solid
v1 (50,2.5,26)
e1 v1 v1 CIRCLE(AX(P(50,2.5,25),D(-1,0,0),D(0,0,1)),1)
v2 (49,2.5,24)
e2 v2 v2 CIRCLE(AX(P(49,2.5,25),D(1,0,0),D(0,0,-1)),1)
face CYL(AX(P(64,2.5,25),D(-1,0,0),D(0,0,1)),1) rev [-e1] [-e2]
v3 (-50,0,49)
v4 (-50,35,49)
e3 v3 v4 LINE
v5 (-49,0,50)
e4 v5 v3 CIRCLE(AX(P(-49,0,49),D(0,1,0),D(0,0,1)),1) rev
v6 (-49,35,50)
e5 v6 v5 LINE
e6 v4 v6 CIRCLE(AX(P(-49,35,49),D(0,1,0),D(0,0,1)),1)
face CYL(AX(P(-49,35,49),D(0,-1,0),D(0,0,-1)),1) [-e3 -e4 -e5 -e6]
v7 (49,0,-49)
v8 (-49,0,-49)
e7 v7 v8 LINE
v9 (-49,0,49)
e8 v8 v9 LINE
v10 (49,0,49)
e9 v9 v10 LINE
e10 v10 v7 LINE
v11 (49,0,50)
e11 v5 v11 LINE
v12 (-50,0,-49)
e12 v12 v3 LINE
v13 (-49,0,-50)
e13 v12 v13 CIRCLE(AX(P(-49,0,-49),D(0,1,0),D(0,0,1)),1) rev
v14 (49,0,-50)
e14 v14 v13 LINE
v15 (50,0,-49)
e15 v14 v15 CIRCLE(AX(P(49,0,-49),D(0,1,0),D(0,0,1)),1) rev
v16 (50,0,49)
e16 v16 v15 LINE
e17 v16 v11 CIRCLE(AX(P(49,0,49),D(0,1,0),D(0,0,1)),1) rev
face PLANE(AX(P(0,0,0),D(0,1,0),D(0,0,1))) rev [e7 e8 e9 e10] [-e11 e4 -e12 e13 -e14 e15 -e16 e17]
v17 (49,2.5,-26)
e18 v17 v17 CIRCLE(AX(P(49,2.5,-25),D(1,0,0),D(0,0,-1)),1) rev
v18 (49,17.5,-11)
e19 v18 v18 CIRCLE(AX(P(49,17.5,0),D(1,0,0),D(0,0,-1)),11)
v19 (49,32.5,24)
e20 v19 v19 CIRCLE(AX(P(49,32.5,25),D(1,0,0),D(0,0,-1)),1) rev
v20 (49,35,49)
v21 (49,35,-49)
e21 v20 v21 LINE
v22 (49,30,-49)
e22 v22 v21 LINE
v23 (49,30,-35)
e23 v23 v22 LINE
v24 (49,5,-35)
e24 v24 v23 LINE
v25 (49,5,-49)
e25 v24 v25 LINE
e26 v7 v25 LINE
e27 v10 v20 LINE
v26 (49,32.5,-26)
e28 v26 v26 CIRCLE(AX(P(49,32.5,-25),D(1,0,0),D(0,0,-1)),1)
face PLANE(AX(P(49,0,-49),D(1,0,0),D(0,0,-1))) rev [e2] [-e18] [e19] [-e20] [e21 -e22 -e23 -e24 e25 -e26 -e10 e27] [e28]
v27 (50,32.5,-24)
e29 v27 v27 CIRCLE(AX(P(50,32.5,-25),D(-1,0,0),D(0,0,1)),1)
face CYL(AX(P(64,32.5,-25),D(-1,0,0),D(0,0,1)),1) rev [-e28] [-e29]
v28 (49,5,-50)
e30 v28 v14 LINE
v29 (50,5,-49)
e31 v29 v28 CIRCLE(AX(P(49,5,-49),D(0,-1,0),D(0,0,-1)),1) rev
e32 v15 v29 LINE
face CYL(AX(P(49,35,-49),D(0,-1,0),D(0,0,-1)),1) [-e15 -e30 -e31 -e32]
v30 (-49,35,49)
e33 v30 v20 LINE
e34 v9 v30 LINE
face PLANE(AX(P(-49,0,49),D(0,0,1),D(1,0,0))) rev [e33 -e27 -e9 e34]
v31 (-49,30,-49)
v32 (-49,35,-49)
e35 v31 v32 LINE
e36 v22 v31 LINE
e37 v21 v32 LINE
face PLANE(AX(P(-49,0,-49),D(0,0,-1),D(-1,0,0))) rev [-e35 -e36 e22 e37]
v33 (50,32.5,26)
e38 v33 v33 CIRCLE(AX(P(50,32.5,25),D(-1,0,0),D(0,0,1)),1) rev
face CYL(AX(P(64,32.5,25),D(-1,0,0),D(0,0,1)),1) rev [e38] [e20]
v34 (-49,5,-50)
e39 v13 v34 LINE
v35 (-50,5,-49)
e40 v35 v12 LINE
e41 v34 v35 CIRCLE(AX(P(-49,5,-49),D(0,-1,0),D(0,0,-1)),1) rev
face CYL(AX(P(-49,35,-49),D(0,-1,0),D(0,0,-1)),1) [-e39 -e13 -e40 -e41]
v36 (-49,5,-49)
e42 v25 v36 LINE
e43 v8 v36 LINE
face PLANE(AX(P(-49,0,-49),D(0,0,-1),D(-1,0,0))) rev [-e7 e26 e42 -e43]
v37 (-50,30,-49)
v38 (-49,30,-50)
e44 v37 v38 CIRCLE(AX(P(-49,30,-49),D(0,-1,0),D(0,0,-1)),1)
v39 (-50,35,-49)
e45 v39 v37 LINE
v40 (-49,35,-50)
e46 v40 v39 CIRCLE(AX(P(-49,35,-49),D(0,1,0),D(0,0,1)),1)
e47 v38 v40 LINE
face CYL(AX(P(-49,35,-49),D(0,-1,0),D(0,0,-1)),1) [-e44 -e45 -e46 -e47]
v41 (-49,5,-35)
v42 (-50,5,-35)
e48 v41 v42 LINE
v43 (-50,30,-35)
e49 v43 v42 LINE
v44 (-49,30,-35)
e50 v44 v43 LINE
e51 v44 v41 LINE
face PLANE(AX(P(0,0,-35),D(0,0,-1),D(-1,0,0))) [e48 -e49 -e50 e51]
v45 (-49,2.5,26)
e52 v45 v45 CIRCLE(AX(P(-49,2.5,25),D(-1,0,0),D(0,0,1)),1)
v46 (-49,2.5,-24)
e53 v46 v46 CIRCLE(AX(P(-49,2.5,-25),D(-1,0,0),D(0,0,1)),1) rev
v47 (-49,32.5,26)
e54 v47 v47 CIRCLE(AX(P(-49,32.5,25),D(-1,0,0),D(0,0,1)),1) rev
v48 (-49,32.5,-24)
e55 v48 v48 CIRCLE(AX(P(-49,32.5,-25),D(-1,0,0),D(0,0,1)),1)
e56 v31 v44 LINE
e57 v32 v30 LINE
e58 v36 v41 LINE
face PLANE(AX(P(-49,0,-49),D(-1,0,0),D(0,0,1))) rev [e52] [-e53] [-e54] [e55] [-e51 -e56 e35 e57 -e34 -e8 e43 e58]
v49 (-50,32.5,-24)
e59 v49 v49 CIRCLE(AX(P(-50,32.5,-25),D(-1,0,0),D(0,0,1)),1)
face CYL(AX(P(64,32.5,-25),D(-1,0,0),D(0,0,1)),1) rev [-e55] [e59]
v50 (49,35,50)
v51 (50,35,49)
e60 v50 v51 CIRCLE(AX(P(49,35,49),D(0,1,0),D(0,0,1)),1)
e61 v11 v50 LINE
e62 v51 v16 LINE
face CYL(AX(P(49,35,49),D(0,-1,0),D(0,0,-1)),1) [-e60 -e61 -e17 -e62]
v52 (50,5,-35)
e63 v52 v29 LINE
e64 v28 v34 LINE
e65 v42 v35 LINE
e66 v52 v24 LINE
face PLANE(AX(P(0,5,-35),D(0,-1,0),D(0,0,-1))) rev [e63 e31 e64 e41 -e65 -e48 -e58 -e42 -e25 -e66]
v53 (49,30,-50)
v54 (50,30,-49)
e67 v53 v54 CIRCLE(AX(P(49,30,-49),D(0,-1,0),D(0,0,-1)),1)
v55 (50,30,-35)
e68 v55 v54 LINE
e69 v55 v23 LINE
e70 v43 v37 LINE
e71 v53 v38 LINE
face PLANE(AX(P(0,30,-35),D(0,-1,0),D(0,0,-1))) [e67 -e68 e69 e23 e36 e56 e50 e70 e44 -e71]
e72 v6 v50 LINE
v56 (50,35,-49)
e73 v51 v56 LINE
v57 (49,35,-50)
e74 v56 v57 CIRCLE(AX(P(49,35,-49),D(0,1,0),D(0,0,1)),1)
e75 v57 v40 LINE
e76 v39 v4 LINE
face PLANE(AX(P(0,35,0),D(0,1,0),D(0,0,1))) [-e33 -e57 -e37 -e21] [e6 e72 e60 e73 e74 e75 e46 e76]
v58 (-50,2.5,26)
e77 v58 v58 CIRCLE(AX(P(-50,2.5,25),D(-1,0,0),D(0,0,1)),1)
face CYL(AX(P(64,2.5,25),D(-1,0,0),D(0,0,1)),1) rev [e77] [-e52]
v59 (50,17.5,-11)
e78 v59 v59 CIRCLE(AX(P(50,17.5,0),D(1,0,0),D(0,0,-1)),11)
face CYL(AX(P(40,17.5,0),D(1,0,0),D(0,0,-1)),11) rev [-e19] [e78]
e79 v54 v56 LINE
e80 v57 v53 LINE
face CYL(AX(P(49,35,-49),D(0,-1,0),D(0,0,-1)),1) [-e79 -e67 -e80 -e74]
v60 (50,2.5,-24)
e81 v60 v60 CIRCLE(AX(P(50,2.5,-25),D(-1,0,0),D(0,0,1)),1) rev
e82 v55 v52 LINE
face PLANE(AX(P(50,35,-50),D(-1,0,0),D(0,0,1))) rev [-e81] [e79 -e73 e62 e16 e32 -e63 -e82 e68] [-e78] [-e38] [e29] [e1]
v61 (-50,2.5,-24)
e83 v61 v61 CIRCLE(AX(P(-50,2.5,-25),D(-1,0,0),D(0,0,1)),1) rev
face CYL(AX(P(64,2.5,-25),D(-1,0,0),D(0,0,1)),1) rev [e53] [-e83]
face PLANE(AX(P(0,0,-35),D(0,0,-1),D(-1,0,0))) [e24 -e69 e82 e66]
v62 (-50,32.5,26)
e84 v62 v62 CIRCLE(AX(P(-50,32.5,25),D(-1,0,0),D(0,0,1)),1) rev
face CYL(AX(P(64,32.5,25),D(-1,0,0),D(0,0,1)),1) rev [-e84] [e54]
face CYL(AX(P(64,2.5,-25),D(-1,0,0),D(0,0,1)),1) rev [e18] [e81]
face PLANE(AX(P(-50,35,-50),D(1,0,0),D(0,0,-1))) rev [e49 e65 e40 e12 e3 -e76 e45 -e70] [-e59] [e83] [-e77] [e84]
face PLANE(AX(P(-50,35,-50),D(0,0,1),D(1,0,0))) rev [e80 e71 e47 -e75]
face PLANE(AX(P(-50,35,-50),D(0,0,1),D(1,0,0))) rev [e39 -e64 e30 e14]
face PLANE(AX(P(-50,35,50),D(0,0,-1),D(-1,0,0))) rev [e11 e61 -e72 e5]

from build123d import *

# Parameters (mm, degrees)
SKETCH1_W           = 100
SKETCH1_H           = 100
BOSS_EXTRUDE1_DEPTH = 35
SKETCH2_W           = 98
SKETCH2_H           = 98
CUT_EXTRUDE1_DEPTH  = 35
SKETCH5_W           = 50
SKETCH5_H           = 25
CUT_EXTRUDE2_DEPTH  = 15
SKETCH6_R           = 1
CUT_EXTRUDE4_DEPTH  = 114
SKETCH7_R           = 11
CUT_EXTRUDE5_DEPTH  = 10
FILLET1_R           = 1


with BuildPart() as part:
    # Sketch1 → Boss-Extrude1 (new body)
    with BuildSketch(Plane(origin=(0, 0, 0), x_dir=(1, 0, 0), z_dir=(0, 1, 0))):
        Rectangle(SKETCH1_W, SKETCH1_H)
    extrude(amount=BOSS_EXTRUDE1_DEPTH)

    # Sketch2 → Cut-Extrude1 (cut)
    with BuildSketch(Plane(origin=(0, 35, 0), x_dir=(1, 0, 0), z_dir=(0, 1, 0))):
        Rectangle(SKETCH2_W, SKETCH2_H)
    extrude(amount=-CUT_EXTRUDE1_DEPTH, mode=Mode.SUBTRACT)

    # Sketch5 → Cut-Extrude2 (cut)
    with BuildSketch(Plane(origin=(0, 0, -50), x_dir=(-1, 0, 0), z_dir=(0, 0, -1))):
        with Locations((-25, 17.5)):
            Rectangle(SKETCH5_W, SKETCH5_H)
        with Locations((25, 17.5)):
            Rectangle(SKETCH5_W, SKETCH5_H)
    extrude(amount=-CUT_EXTRUDE2_DEPTH, mode=Mode.SUBTRACT)

    # Sketch6 → Cut-Extrude4 (cut)
    with BuildSketch(Plane.ZY.offset(50)):
        with Locations((-25, 32.5)):
            Circle(SKETCH6_R)
        with Locations((25, 32.5)):
            Circle(SKETCH6_R)
        with Locations((-25, 2.5)):
            Circle(SKETCH6_R)
        with Locations((25, 2.5)):
            Circle(SKETCH6_R)
    extrude(amount=-CUT_EXTRUDE4_DEPTH, mode=Mode.SUBTRACT)

    # Sketch7 → Cut-Extrude5 (cut)
    with BuildSketch(Plane(origin=(50, 0, 0), x_dir=(0, 0, -1), z_dir=(1, 0, 0))):
        with Locations((0, 17.5)):
            Circle(SKETCH7_R)
    extrude(amount=-CUT_EXTRUDE5_DEPTH, mode=Mode.SUBTRACT)

    # Fillet1
    fillet1_edges = [part.edges().sort_by_distance(p)[0] for p in [
        (-50, 2.5, -50),
        (50, 2.5, -50),
        (50, 17.5, 50),
        (-50, 17.5, 50),
        (-50, 32.5, -50),
        (50, 32.5, -50),
    ]]
    fillet(fillet1_edges, radius=FILLET1_R)


solid = part.part
